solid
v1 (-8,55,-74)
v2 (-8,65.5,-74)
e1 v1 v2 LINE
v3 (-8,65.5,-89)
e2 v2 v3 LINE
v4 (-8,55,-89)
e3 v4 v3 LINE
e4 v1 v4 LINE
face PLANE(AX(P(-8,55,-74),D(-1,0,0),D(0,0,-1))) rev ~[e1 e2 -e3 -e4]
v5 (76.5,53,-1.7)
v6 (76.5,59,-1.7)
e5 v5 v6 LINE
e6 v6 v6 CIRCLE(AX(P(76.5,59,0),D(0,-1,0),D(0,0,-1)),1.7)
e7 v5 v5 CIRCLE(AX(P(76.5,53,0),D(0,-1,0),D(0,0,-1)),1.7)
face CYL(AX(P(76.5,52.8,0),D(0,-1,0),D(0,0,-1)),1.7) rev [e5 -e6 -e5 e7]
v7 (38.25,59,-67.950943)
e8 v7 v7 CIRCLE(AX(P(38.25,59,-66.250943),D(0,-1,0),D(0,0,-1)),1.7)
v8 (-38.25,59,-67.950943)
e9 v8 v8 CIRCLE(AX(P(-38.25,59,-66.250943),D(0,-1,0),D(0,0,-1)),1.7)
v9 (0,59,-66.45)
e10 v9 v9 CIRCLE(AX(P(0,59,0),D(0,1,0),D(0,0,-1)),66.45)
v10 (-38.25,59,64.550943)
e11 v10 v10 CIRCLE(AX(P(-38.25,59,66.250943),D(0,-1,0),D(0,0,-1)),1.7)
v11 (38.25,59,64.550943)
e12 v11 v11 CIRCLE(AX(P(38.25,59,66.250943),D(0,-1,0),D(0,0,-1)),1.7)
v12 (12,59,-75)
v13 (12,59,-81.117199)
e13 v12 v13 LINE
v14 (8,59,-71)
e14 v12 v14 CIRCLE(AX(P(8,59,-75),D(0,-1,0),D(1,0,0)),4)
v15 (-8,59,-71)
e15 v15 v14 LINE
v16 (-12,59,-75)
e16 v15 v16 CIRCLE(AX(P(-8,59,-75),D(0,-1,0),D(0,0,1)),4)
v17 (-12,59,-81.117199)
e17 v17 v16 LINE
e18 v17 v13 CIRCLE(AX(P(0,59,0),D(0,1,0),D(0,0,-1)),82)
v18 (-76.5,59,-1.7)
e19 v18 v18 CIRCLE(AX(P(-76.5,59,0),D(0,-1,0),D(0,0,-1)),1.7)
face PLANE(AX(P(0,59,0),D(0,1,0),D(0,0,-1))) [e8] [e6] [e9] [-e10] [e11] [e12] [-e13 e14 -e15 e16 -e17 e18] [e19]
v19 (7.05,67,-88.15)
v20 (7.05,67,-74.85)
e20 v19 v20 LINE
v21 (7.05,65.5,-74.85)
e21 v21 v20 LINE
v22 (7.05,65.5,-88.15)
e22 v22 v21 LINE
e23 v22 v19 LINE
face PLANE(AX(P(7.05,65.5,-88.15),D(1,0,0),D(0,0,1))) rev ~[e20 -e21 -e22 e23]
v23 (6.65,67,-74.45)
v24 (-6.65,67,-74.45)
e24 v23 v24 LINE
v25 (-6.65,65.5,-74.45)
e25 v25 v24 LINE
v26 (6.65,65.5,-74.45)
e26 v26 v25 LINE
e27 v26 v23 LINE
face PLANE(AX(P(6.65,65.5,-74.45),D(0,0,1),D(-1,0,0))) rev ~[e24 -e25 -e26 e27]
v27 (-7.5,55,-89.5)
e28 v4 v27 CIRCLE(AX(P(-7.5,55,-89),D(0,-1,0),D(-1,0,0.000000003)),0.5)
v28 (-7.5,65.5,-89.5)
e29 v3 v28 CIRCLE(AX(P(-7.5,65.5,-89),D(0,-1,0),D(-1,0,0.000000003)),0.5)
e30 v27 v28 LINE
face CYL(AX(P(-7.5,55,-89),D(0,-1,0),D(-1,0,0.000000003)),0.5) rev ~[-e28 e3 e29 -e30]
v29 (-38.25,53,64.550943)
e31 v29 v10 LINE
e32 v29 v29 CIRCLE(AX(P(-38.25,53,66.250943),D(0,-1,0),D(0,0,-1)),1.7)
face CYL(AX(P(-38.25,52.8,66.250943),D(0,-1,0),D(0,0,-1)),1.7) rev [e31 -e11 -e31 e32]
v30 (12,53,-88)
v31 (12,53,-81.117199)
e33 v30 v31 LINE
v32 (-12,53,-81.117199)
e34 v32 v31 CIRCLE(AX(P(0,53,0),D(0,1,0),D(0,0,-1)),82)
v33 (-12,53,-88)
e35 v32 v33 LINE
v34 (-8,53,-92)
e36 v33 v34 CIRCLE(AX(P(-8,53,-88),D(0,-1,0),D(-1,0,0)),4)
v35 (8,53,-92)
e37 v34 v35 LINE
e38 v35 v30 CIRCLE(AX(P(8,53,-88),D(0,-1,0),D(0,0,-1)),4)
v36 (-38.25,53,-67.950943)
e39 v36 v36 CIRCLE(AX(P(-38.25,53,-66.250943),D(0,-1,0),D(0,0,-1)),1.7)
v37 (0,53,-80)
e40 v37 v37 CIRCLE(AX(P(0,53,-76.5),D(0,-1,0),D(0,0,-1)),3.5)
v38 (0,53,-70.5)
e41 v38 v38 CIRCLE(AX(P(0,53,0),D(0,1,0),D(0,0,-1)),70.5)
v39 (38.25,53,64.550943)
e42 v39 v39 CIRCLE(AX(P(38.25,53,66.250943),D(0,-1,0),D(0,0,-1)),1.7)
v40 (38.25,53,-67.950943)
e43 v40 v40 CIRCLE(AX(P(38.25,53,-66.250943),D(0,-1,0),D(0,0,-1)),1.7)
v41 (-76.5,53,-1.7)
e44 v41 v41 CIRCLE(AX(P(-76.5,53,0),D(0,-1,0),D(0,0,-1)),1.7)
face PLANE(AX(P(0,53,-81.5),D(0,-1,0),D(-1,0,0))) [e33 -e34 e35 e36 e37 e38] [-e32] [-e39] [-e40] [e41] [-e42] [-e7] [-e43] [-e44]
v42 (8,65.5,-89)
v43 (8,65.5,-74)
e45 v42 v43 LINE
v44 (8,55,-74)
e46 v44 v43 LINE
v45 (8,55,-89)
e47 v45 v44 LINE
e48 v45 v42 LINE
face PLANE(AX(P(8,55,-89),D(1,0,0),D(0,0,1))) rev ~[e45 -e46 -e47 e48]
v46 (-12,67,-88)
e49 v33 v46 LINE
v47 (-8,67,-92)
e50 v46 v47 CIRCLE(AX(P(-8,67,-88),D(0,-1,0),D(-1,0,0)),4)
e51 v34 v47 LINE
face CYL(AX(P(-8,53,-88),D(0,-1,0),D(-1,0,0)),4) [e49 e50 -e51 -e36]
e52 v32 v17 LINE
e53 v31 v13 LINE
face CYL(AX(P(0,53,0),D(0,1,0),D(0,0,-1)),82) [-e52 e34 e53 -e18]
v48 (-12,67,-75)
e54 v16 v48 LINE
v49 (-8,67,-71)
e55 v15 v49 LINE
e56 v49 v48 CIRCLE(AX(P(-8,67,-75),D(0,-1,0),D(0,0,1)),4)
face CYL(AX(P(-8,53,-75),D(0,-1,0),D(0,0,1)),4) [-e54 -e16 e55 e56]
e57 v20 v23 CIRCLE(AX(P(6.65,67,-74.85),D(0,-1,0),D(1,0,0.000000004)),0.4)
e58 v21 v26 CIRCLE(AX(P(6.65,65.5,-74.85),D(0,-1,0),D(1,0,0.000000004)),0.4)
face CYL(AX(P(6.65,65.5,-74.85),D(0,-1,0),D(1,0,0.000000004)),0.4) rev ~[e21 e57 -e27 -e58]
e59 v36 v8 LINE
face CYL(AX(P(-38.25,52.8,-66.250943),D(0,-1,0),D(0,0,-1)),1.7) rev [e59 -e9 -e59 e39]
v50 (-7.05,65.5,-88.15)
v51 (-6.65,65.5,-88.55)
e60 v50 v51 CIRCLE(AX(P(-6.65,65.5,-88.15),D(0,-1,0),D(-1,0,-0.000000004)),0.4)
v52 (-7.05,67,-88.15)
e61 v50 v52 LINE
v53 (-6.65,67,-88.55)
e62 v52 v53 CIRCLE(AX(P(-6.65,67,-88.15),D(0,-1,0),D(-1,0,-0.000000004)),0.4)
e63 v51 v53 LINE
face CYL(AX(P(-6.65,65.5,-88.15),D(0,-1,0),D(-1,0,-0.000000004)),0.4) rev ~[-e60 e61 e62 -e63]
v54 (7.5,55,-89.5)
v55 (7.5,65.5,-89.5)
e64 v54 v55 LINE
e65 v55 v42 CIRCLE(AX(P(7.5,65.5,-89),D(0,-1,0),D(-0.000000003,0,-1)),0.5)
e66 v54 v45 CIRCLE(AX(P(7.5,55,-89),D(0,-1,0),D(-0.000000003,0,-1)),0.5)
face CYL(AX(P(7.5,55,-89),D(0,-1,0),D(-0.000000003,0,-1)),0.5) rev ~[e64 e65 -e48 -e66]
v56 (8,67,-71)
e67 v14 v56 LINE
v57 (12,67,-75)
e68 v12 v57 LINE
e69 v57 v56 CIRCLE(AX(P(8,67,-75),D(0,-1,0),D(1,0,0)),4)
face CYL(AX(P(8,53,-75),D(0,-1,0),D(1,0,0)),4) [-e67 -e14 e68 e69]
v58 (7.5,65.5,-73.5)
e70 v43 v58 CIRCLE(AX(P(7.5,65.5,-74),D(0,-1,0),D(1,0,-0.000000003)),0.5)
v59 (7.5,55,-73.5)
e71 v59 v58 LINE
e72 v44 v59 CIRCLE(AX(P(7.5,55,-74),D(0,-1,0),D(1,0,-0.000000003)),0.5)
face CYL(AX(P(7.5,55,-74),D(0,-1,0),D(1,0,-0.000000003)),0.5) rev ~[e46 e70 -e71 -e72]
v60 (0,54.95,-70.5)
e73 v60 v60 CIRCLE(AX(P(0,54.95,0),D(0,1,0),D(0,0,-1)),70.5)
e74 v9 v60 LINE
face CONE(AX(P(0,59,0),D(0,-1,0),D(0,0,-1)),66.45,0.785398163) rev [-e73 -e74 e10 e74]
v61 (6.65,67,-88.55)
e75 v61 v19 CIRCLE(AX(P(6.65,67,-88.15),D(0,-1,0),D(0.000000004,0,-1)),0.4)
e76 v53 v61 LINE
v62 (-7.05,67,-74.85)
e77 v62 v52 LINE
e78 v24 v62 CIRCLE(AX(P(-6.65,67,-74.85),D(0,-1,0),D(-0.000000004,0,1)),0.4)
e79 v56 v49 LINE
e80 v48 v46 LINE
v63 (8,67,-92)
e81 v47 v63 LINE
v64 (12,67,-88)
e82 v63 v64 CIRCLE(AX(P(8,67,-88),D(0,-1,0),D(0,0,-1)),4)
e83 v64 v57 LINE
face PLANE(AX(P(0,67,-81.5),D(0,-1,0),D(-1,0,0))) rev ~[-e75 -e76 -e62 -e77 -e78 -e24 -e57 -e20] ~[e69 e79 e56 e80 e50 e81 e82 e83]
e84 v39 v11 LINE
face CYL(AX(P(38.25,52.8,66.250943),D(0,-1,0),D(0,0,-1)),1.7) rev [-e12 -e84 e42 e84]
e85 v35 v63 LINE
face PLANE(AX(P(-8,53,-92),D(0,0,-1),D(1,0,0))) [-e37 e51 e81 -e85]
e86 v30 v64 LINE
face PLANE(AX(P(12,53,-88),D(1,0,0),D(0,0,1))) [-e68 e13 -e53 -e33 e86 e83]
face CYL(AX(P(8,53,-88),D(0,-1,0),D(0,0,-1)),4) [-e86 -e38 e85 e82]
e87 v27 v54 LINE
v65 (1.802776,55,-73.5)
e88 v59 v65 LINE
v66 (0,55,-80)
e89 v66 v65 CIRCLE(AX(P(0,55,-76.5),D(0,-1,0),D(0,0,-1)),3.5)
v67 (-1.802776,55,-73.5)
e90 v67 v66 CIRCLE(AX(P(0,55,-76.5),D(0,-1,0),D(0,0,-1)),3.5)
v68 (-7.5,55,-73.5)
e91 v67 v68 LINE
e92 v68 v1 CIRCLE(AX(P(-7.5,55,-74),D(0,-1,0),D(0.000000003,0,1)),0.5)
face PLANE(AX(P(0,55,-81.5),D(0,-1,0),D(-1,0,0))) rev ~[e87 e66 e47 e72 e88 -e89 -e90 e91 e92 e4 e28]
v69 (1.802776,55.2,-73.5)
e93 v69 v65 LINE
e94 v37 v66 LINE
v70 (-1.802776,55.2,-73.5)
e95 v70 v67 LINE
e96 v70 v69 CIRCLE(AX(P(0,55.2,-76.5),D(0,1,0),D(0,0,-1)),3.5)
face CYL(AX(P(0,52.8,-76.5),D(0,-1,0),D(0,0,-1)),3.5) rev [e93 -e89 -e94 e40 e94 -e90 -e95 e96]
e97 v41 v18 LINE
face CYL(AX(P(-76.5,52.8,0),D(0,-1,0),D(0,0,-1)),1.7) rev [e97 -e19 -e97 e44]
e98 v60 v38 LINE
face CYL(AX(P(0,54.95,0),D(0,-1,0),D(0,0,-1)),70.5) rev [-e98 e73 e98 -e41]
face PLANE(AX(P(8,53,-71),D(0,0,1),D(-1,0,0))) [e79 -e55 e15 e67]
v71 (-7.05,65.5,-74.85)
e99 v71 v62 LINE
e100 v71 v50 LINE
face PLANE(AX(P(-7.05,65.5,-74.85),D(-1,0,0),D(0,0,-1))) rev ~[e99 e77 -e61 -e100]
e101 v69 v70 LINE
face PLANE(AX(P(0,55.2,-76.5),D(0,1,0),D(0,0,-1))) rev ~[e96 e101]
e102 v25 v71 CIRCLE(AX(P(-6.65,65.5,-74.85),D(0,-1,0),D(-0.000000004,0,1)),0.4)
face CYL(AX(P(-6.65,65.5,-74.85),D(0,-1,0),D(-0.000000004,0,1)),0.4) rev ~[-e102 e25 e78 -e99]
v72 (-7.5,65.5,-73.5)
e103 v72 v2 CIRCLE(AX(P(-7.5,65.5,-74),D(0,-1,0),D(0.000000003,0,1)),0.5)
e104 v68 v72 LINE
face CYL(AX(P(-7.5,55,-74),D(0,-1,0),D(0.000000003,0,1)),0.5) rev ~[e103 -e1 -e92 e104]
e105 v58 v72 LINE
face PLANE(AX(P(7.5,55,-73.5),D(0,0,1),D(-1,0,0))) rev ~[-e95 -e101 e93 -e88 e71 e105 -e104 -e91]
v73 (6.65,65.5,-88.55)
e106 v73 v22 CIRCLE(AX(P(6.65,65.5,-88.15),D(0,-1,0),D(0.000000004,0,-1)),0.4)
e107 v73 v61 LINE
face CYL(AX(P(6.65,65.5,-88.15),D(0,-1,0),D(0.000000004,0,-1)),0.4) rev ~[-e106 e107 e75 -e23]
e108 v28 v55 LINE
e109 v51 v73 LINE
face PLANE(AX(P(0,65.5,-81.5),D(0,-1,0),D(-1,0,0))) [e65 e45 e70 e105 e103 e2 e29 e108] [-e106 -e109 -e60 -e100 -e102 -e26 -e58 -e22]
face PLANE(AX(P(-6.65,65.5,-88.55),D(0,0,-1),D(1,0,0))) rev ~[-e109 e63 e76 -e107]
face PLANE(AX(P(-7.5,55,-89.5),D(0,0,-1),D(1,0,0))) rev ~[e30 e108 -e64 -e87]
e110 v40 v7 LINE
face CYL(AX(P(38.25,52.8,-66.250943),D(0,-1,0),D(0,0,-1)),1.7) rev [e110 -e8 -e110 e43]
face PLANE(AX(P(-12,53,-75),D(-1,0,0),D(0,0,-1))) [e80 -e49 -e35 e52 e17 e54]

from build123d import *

# Parameters (mm, degrees)
MX_START           = 53
MX_POD_DEPTH       = 14
MX_START_2         = 65.5
MX_CUTOUT_DEPTH    = 1.7
MX_START_3         = 55
MX_RELIEF_DEPTH    = 10.5
MX_START_4         = 52.8
SKETCH5_R          = 3.5
MX_LEAD_HOLE_DEPTH = 2.4
BOLT_START         = 52.8
SKETCH6_R          = 1.7
BOLT_HOLES_DEPTH   = 6.4


with BuildPart() as part:
    # Sketch1 → Lip ring (revolve)
    with BuildSketch(Plane.XY, mode=Mode.PRIVATE) as lip_ring_sk:
        Polygon((70.5, 53), (82, 53), (82, 59), (66.45, 59), (70.5, 54.95), align=None)
    revolve(lip_ring_sk.sketch.rotate(Axis((0, 40, 0), (0, 1, 0)), 90), axis=Axis((0, 40, 0), (0, 1, 0)))

    # Sketch2 → MX pod (add)
    with BuildSketch(Plane(origin=(0, 0, 0), x_dir=(1, 0, 0), z_dir=(0, 1, 0)).offset(MX_START)):
        with BuildLine():
            Line((-8, 92), (8, 92))
            ThreePointArc((8, 92), (10.828427125, 90.828427125), (12, 88))
            Line((12, 88), (12, 75))
            ThreePointArc((12, 75), (10.828427125, 72.171572875), (8, 71))
            Line((8, 71), (-8, 71))
            ThreePointArc((-8, 71), (-10.828427125, 72.171572875), (-12, 75))
            Line((-12, 75), (-12, 88))
            ThreePointArc((-12, 88), (-10.828427125, 90.828427125), (-8, 92))
        make_face()
    extrude(amount=MX_POD_DEPTH)

    # Sketch3 → MX cutout (cut)
    with BuildSketch(Plane(origin=(0, 0, 0), x_dir=(1, 0, 0), z_dir=(0, 1, 0)).offset(MX_START_2)):
        with BuildLine():
            Line((-6.65, 88.55), (6.65, 88.55))
            ThreePointArc((6.65, 88.55), (6.932842712, 88.432842712), (7.05, 88.15))
            Line((7.05, 88.15), (7.05, 74.85))
            ThreePointArc((7.05, 74.85), (6.932842712, 74.567157288), (6.65, 74.45))
            Line((6.65, 74.45), (-6.65, 74.45))
            ThreePointArc((-6.65, 74.45), (-6.932842712, 74.567157288), (-7.05, 74.85))
            Line((-7.05, 74.85), (-7.05, 88.15))
            ThreePointArc((-7.05, 88.15), (-6.932842712, 88.432842712), (-6.65, 88.55))
        make_face()
    extrude(amount=MX_CUTOUT_DEPTH, mode=Mode.SUBTRACT)

    # Sketch4 → MX relief (cut)
    with BuildSketch(Plane(origin=(0, 0, 0), x_dir=(1, 0, 0), z_dir=(0, 1, 0)).offset(MX_START_3)):
        with BuildLine():
            Line((-7.5, 89.5), (7.5, 89.5))
            ThreePointArc((7.5, 89.5), (7.853553391, 89.353553391), (8, 89))
            Line((8, 89), (8, 74))
            ThreePointArc((8, 74), (7.853553391, 73.646446609), (7.5, 73.5))
            Line((7.5, 73.5), (-7.5, 73.5))
            ThreePointArc((-7.5, 73.5), (-7.853553391, 73.646446609), (-8, 74))
            Line((-8, 74), (-8, 89))
            ThreePointArc((-8, 89), (-7.853553391, 89.353553391), (-7.5, 89.5))
        make_face()
    extrude(amount=MX_RELIEF_DEPTH, mode=Mode.SUBTRACT)

    # Sketch5 → MX lead hole (cut)
    with BuildSketch(Plane(origin=(0, 0, 0), x_dir=(1, 0, 0), z_dir=(0, 1, 0)).offset(MX_START_4)):
        with Locations(Location((0, 76.5, 0), (0, 0, 90))):
            Circle(SKETCH5_R)
    extrude(amount=MX_LEAD_HOLE_DEPTH, mode=Mode.SUBTRACT)

    # Sketch6 → Bolt holes (cut)
    with BuildSketch(Plane(origin=(0, 0, 0), x_dir=(1, 0, 0), z_dir=(0, 1, 0)).offset(BOLT_START)):
        with Locations(Location((76.5, 0, 0), (0, 0, 90))):
            Circle(SKETCH6_R)
        with Locations(Location((38.25, -66.25094339, 0), (0, 0, 90))):
            Circle(SKETCH6_R)
        with Locations(Location((-38.25, -66.25094339, 0), (0, 0, 90))):
            Circle(SKETCH6_R)
        with Locations(Location((-76.5, 0, 0), (0, 0, 90))):
            Circle(SKETCH6_R)
        with Locations(Location((-38.25, 66.25094339, 0), (0, 0, 90))):
            Circle(SKETCH6_R)
        with Locations(Location((38.25, 66.25094339, 0), (0, 0, 90))):
            Circle(SKETCH6_R)
    extrude(amount=BOLT_HOLES_DEPTH, mode=Mode.SUBTRACT)


solid = part.part
